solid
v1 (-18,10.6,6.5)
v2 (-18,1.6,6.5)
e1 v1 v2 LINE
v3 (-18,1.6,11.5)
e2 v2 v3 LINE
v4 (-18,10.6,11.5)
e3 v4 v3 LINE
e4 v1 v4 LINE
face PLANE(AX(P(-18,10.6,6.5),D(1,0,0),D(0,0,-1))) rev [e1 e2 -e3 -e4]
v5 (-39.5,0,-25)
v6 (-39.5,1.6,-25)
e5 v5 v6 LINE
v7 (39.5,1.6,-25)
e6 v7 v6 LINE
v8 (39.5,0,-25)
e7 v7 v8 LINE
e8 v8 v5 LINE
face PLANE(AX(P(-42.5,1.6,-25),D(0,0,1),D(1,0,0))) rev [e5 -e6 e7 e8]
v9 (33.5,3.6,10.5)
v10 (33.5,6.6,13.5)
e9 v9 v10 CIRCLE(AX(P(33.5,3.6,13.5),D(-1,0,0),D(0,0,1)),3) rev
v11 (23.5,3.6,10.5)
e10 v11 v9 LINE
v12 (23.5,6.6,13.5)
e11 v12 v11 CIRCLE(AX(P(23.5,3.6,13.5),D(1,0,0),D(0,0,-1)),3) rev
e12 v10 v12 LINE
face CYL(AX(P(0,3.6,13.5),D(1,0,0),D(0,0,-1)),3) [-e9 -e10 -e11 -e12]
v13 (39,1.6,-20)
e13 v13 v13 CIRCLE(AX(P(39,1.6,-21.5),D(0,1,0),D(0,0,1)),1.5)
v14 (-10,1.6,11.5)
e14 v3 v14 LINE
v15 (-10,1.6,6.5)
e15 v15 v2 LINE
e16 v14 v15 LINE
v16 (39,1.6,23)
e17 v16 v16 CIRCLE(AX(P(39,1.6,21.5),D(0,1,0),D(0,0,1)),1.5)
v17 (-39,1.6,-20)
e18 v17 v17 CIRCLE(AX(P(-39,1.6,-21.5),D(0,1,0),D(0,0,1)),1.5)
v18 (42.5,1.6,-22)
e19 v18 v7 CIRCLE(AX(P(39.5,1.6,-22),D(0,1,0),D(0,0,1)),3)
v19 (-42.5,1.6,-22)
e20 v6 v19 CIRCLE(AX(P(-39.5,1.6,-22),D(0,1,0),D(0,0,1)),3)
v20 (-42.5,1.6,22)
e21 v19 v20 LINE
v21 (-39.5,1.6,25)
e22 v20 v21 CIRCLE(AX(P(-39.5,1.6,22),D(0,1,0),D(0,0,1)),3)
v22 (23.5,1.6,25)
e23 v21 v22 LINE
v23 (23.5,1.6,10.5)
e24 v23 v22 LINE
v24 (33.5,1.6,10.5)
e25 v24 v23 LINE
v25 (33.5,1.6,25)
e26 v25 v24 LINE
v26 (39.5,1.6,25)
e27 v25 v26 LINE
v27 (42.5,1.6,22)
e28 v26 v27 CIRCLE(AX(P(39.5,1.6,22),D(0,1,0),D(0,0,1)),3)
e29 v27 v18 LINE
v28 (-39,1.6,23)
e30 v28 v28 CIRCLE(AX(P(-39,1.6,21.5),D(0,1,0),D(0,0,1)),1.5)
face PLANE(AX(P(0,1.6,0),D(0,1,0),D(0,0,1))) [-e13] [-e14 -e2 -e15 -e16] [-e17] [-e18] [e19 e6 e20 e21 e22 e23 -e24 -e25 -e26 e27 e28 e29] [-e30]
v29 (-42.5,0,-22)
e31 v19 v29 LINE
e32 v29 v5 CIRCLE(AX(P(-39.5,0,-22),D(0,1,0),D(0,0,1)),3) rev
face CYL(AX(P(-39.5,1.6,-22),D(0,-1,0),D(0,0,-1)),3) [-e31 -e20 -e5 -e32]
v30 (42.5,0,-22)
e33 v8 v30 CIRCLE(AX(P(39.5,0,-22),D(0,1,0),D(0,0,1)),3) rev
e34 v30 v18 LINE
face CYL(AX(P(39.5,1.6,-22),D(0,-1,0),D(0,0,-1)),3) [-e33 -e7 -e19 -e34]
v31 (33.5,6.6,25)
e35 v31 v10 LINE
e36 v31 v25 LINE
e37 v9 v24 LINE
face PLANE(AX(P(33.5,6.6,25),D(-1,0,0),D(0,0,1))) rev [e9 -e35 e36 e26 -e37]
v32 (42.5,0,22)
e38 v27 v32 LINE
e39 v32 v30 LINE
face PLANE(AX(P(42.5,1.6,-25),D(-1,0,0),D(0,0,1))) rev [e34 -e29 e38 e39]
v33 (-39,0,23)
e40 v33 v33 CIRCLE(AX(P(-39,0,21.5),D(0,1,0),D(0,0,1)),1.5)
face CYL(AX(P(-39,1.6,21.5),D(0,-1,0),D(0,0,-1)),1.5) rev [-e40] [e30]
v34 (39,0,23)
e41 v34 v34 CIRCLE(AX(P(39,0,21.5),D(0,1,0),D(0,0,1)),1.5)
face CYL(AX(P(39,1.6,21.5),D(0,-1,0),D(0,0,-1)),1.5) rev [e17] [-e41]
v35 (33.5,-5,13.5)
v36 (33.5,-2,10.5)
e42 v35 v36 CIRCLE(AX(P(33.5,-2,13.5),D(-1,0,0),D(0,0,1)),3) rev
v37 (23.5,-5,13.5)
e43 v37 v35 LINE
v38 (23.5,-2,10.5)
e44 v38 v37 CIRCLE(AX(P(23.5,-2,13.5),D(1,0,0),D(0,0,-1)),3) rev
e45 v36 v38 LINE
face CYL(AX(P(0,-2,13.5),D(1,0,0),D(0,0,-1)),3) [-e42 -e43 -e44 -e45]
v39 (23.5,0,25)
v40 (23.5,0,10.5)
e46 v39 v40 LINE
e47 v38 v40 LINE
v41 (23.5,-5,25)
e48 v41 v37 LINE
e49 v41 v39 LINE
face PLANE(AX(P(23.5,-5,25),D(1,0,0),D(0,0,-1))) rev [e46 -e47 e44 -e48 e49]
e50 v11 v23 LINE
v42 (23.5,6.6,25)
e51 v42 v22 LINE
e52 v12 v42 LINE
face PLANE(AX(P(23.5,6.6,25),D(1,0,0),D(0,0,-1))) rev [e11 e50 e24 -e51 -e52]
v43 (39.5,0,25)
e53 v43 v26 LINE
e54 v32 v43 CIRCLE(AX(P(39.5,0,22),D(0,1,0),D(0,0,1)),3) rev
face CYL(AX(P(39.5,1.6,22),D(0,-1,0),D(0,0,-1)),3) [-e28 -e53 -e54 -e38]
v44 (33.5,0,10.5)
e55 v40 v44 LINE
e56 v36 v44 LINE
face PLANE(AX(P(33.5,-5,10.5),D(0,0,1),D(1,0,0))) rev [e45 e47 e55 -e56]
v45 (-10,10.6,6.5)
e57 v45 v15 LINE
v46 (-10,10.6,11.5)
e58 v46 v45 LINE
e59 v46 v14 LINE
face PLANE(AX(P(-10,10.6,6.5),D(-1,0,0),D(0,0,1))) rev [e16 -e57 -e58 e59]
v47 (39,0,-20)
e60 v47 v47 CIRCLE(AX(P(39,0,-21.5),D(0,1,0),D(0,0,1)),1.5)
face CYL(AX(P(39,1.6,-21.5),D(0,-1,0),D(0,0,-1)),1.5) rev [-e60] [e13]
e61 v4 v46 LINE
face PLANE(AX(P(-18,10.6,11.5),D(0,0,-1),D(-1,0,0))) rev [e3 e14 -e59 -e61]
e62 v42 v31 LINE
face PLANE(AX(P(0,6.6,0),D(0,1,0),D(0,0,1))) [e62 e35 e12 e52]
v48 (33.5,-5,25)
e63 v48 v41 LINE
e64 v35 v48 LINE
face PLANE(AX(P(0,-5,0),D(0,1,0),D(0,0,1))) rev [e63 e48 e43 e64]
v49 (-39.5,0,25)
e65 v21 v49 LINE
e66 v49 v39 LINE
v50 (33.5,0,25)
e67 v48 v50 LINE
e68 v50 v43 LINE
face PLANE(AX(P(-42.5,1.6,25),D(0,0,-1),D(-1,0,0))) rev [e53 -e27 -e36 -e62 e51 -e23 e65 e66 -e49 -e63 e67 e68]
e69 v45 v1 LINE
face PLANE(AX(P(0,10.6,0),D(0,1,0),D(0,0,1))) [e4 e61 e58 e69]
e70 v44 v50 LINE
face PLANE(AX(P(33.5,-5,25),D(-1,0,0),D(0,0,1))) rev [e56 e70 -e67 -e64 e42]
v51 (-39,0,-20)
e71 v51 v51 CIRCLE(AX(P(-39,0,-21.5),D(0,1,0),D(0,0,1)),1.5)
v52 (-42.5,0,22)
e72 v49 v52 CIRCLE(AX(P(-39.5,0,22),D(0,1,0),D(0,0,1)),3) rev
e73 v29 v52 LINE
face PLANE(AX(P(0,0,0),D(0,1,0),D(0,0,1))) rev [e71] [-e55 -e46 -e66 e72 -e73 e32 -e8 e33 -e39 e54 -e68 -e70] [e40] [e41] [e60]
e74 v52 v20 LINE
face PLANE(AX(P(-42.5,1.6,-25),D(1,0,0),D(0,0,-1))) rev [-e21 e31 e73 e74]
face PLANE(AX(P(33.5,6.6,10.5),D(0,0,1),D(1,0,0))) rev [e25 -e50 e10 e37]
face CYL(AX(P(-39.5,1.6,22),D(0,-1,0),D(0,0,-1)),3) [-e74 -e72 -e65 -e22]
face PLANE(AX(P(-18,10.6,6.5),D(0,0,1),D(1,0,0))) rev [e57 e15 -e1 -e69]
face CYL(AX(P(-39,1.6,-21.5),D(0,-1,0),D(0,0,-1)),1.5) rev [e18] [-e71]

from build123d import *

# Parameters (mm, degrees)
SKETCH_1_W      = 85
SKETCH_1_H      = 50
SKETCH_1_R      = 1.5
EXTRUDE_1_DEPTH = 1.6
FILLET_1_R      = 3
SKETCH_2_W      = 10
SKETCH_2_H      = 14.5
EXTRUDE_2_DEPTH = 5
SKETCH_3_W      = 8
SKETCH_3_H      = 5
EXTRUDE_3_DEPTH = 9
SKETCH_4_W      = 10
SKETCH_4_H      = 14.5
EXTRUDE_4_DEPTH = 5
FILLET_2_R      = 3


with BuildPart() as part:
    # 草图1 → 凸台-拉伸1 (new body)
    with BuildSketch(Plane(origin=(0, 0, 0), x_dir=(1, 0, 0), z_dir=(0, 1, 0))):
        Rectangle(SKETCH_1_W, SKETCH_1_H)
        with Locations(Location((-39, 21.5, 0), (0, 0, 270))):
            Circle(SKETCH_1_R, mode=Mode.SUBTRACT)
        with Locations(Location((39, 21.5, 0), (0, 0, 270))):
            Circle(SKETCH_1_R, mode=Mode.SUBTRACT)
        with Locations(Location((39, -21.5, 0), (0, 0, 270))):
            Circle(SKETCH_1_R, mode=Mode.SUBTRACT)
        with Locations(Location((-39, -21.5, 0), (0, 0, 270))):
            Circle(SKETCH_1_R, mode=Mode.SUBTRACT)
    extrude(amount=EXTRUDE_1_DEPTH)

    # 圆角1
    fillet_1_edges = [part.edges().sort_by_distance(p)[0] for p in [
        (42.5, 0.8, 25),
        (-42.5, 0.8, 25),
        (-42.5, 0.8, -25),
        (42.5, 0.8, -25),
    ]]
    fillet(fillet_1_edges, radius=FILLET_1_R)

    # 草图2 → 凸台-拉伸2 (add)
    with BuildSketch(Plane(origin=(0, 1.6, 0), x_dir=(1, 0, 0), z_dir=(0, 1, 0))):
        with Locations((28.5, -17.75)):
            Rectangle(SKETCH_2_W, SKETCH_2_H)
    extrude(amount=EXTRUDE_2_DEPTH)

    # 草图3 → 凸台-拉伸3 (add)
    with BuildSketch(Plane(origin=(0, 1.6, 0), x_dir=(1, 0, 0), z_dir=(0, 1, 0))):
        with Locations((-14, -9)):
            Rectangle(SKETCH_3_W, SKETCH_3_H)
    extrude(amount=EXTRUDE_3_DEPTH)

    # 草图4 → 凸台-拉伸4 (add)
    with BuildSketch(Plane.XZ):
        with Locations((28.5, 17.75)):
            Rectangle(SKETCH_4_W, SKETCH_4_H)
    extrude(amount=EXTRUDE_4_DEPTH)

    # 圆角2
    fillet_2_edges = [part.edges().sort_by_distance(p)[0] for p in [
        (28.5, 6.6, 10.5),
        (28.5, -5, 10.5),
    ]]
    fillet(fillet_2_edges, radius=FILLET_2_R)


solid = part.part
